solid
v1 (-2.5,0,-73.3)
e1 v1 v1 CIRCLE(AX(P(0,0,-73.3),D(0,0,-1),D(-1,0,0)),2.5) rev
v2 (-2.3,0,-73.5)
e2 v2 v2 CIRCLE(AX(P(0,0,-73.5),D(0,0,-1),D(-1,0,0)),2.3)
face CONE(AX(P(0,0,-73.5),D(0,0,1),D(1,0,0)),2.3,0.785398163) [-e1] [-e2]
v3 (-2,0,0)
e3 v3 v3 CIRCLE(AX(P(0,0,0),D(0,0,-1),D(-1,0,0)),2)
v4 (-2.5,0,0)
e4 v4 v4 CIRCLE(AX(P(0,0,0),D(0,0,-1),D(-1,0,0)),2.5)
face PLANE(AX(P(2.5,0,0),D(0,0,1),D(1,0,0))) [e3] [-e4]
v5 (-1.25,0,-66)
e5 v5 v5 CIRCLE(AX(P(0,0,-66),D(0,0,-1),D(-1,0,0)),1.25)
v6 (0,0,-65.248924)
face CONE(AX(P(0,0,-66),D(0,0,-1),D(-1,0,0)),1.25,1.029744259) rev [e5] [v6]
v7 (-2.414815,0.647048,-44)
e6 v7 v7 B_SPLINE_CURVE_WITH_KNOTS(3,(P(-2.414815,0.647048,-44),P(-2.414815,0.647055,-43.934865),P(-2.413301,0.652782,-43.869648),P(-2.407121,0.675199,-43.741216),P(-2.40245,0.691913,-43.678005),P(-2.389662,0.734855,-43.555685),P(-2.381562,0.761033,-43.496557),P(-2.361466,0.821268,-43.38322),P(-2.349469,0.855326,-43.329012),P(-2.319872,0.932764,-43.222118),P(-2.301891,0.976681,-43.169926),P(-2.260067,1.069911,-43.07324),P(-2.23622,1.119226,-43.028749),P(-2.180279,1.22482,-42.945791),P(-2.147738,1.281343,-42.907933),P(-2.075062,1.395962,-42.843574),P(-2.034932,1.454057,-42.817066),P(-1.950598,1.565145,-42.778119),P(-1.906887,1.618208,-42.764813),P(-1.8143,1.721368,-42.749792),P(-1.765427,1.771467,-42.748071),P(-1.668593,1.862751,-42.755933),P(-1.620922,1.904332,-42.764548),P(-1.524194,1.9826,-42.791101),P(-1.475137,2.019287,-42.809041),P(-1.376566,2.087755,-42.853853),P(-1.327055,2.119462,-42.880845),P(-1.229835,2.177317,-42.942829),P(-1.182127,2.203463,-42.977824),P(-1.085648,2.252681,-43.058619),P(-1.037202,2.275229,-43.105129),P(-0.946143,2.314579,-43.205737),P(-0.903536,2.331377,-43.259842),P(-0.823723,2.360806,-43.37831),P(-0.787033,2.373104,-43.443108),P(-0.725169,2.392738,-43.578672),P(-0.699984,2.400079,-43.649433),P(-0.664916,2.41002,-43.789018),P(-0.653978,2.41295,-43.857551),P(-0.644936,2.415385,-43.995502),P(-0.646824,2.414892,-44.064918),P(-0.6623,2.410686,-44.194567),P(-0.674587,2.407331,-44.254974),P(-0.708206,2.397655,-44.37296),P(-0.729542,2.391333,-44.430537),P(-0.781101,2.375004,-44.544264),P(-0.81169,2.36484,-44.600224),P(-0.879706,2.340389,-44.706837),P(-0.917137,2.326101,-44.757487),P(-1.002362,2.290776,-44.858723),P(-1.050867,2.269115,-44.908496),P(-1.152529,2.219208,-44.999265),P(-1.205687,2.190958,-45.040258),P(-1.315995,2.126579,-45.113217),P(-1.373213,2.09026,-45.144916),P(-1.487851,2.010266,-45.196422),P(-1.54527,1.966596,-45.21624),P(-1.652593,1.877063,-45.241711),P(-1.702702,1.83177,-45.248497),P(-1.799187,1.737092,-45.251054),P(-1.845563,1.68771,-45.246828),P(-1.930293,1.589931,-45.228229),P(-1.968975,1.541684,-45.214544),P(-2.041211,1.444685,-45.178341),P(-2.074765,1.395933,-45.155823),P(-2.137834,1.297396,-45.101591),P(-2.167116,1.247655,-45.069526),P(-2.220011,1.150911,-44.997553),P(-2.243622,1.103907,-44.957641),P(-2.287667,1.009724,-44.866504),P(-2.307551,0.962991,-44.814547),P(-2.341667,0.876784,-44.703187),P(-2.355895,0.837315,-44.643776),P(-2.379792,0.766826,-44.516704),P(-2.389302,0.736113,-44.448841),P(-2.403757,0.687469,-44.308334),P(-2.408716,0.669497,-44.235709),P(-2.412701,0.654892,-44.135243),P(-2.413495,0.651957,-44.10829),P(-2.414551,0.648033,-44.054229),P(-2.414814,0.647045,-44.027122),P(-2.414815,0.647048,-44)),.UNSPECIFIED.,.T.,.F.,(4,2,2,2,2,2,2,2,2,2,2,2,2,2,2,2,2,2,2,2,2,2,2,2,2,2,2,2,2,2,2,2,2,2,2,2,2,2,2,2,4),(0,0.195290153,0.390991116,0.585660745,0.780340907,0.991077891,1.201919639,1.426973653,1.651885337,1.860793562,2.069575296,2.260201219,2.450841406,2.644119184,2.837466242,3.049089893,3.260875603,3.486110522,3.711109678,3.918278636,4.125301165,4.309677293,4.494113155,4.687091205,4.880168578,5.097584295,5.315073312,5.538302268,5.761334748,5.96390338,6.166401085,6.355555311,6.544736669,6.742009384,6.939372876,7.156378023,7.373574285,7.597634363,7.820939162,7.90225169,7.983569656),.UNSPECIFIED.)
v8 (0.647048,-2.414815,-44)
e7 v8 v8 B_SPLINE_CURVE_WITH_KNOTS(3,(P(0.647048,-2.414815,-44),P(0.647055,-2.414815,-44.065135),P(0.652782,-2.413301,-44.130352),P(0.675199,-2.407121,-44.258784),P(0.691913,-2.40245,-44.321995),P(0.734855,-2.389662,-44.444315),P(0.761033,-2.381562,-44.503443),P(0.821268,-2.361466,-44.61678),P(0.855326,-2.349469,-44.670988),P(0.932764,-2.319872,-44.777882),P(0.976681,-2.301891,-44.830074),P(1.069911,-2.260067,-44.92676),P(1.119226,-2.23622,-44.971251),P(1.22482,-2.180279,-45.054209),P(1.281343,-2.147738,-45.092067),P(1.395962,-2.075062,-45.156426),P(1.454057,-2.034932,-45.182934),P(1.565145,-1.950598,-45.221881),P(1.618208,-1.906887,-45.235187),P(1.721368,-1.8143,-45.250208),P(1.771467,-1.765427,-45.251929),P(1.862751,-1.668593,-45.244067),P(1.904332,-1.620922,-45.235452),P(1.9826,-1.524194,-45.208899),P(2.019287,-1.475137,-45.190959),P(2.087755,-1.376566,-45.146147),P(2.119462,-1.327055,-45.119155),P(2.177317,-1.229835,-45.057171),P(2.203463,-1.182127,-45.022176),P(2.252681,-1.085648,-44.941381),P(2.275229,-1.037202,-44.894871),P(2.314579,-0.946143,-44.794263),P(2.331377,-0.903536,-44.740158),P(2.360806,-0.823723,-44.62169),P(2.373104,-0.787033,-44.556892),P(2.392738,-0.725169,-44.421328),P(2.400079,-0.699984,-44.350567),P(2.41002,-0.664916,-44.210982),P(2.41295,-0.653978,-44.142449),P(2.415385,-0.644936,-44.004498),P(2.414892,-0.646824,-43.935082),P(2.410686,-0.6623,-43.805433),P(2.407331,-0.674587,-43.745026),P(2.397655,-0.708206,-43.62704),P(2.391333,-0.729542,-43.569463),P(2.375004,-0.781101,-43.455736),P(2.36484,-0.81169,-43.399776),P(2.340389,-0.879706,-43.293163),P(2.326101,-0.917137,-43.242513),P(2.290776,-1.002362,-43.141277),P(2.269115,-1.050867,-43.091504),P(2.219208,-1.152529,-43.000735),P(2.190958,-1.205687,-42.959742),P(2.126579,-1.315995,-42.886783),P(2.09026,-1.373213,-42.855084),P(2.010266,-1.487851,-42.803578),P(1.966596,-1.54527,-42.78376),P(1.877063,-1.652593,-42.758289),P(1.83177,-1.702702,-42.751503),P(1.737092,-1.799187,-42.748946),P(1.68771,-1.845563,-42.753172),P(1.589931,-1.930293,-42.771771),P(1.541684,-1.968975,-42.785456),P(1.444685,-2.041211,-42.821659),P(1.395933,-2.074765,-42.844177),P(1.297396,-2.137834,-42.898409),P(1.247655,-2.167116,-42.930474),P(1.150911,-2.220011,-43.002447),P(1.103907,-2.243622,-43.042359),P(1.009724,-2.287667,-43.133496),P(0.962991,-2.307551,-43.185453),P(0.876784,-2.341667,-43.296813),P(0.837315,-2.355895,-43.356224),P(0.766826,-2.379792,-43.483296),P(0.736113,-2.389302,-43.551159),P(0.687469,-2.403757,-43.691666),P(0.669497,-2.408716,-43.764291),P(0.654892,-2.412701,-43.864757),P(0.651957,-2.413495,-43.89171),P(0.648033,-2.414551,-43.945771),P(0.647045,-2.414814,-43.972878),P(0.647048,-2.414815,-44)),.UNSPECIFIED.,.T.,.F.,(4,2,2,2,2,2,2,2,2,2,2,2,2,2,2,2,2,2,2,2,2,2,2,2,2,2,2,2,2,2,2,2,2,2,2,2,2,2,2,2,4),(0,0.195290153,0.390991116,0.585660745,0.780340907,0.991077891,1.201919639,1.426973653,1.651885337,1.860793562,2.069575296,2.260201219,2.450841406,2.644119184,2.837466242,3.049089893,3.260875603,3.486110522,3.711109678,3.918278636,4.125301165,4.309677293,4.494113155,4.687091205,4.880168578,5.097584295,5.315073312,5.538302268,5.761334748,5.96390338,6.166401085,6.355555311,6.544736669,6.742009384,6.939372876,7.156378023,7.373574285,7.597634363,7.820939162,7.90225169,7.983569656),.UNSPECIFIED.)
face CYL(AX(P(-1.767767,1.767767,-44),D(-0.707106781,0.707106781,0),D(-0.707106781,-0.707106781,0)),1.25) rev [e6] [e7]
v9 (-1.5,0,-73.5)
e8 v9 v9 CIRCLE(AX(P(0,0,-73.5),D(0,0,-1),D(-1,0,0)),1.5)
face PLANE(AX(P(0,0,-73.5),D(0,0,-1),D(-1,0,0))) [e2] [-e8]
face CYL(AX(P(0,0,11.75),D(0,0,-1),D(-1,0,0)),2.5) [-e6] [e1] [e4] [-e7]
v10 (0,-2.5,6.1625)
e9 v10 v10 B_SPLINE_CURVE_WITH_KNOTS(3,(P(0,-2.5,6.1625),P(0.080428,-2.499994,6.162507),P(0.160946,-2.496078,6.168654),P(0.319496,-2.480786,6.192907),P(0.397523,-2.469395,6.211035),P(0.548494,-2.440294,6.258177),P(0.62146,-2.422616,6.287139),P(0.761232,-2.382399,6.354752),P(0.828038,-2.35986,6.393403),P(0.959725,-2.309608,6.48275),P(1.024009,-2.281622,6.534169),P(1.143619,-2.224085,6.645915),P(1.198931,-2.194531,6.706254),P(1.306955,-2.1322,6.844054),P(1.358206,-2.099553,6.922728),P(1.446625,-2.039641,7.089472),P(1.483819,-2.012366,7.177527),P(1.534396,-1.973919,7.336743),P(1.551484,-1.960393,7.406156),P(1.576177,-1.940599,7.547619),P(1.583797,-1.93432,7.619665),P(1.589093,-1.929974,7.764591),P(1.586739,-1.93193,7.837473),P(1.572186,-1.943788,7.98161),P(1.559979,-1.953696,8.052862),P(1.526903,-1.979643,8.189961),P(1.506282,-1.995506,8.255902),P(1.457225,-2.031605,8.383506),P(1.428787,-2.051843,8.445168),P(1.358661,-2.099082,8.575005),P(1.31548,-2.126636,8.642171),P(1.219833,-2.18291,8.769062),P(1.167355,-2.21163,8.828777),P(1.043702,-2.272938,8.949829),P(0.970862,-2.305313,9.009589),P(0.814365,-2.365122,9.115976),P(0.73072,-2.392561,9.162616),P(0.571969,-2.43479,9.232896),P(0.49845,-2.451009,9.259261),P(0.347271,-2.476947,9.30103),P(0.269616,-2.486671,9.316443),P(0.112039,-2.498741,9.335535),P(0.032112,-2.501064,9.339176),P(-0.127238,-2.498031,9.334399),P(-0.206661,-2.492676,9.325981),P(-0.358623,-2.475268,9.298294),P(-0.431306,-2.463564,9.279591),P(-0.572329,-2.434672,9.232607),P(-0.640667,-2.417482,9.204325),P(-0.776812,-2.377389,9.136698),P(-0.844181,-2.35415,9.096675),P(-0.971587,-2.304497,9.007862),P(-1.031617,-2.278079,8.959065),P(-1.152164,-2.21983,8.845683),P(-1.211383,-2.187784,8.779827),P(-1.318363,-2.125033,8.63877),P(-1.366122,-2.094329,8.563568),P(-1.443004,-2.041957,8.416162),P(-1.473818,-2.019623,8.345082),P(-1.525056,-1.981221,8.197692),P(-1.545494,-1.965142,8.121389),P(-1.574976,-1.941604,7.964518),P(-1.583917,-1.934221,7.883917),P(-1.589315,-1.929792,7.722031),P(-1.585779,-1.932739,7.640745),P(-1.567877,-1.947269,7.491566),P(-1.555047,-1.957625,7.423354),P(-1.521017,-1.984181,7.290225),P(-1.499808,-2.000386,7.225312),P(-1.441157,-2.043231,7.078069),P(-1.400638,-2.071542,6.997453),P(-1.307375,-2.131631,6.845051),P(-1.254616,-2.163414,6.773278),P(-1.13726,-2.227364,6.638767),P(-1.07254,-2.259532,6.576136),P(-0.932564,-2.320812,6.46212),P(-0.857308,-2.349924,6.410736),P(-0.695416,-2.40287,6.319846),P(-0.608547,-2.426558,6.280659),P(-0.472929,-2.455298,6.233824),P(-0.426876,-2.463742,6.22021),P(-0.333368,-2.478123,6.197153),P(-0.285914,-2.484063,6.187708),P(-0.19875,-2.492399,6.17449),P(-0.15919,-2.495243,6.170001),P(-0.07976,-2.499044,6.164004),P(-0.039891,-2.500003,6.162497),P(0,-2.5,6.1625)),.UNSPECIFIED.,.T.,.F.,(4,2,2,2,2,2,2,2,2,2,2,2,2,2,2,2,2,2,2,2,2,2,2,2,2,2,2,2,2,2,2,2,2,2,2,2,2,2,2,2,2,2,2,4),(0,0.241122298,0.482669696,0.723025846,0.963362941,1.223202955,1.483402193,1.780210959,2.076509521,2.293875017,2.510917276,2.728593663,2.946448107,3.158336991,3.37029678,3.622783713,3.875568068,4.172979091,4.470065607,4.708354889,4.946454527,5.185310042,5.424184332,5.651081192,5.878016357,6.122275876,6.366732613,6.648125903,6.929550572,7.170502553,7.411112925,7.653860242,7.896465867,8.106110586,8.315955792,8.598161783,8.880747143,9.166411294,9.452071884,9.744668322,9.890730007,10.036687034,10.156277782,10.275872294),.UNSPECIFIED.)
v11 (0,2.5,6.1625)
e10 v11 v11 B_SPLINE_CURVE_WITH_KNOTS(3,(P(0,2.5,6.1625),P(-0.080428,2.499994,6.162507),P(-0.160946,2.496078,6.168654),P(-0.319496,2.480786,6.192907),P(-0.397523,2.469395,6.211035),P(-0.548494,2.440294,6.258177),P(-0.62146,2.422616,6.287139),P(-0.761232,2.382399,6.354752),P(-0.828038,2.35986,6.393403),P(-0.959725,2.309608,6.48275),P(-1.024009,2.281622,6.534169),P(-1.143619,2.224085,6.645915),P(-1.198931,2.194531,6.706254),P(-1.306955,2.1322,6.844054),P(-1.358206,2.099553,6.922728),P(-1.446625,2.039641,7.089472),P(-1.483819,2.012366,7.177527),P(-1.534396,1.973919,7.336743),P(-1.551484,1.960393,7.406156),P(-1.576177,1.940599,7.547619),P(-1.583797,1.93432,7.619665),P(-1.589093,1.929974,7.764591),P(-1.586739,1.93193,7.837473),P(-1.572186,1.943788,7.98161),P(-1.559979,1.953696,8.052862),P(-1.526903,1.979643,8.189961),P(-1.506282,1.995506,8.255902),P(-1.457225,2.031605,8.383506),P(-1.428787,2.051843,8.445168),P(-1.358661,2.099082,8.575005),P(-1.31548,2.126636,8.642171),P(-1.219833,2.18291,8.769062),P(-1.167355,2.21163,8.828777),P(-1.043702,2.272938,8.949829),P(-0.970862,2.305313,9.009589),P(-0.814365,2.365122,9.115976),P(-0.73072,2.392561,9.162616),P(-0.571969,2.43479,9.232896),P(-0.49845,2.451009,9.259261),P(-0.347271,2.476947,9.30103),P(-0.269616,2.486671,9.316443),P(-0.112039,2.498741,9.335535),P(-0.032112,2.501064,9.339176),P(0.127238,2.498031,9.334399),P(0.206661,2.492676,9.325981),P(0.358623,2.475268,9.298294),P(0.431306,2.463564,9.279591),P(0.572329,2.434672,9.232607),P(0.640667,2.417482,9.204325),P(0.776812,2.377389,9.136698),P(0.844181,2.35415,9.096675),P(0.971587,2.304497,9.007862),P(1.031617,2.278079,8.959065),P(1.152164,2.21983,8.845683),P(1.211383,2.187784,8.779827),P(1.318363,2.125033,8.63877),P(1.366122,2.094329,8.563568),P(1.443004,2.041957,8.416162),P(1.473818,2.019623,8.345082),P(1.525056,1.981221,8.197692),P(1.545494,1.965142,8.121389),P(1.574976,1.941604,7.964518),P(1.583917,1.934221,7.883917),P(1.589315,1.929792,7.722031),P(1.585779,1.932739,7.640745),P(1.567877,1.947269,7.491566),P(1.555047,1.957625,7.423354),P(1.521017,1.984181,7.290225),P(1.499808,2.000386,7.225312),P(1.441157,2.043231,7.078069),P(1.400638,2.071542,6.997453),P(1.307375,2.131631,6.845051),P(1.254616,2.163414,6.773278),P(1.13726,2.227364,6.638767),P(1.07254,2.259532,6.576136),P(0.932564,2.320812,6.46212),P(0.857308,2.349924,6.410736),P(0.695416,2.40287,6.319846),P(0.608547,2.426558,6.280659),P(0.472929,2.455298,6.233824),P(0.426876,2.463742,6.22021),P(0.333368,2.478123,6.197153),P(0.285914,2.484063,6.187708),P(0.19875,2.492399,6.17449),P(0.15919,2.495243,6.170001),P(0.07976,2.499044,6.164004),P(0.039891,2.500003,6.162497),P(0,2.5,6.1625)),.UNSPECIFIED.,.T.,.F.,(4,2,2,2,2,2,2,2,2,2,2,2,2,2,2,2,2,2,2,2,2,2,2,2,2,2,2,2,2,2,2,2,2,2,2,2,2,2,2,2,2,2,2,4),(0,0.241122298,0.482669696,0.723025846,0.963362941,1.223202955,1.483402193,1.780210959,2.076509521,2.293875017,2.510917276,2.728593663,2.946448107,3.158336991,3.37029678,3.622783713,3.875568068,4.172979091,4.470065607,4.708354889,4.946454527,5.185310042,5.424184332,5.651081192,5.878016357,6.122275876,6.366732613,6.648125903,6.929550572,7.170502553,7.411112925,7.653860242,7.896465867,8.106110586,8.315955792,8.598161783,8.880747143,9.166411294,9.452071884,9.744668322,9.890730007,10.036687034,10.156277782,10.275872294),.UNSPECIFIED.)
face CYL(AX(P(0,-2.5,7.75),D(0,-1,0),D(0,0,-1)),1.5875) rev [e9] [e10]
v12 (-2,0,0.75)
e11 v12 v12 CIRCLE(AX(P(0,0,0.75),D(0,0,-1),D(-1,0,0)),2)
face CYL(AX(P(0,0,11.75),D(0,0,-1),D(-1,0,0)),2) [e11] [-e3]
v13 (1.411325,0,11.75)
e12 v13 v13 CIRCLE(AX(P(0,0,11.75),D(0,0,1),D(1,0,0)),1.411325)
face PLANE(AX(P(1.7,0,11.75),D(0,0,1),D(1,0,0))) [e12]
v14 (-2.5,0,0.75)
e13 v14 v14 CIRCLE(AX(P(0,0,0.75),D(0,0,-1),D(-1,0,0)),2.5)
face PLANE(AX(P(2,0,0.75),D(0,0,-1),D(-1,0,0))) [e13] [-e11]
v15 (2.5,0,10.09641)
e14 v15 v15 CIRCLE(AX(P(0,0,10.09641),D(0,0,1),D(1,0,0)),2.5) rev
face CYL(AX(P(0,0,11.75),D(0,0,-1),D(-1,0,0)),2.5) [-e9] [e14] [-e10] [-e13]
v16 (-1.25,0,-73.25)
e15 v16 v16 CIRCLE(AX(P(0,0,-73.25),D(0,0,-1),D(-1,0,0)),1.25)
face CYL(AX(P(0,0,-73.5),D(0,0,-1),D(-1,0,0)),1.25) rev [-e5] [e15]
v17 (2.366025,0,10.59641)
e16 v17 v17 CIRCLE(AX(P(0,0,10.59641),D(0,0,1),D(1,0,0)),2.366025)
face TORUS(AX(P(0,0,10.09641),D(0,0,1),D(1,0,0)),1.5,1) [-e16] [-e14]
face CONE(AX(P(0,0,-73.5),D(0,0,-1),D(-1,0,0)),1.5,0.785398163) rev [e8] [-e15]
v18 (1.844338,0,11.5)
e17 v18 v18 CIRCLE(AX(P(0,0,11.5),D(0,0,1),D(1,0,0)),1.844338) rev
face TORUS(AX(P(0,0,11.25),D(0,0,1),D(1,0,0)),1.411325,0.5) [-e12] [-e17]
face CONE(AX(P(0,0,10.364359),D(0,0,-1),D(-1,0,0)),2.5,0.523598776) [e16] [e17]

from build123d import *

# Parameters (mm, degrees)
F_1_8_0_125_CLEARANCE_DOWEL_HOLE1_D = 3.175
M3X0_5_TAPPED_HOLE2_D               = 2.5
M3X0_5_TAPPED_HOLE3_D               = 2.5
M3X0_5_TAPPED_HOLE3_DEPTH           = 7.5
M3X0_5_TAPPED_HOLE3_CSINK_D         = 3
M3X0_5_TAPPED_HOLE3_CSINK_ANGLE     = 90
M3X0_5_TAPPED_HOLE3_TIP             = 0.751075774
CHAMFER1_SIZE                       = 0.2
FILLET1_R                           = 1
FILLET2_R                           = 0.5


with BuildPart() as part:
    # Sketch1 → Revolve1 (revolve)
    with BuildSketch(Plane.XZ):
        Polygon((1.7, 11.75), (0, 11.75), (0, -73.5), (2.5, -73.5), (2.5, 0), (2, 0), (2, 0.75), (2.5, 0.75), (2.5, 10.364359355), align=None)
    revolve(axis=Axis((0, 0, 11.75), (0, 0, -1)))

    # 1/8 (0.125) Clearance Dowel Hole1 (through all)
    with Locations(Plane(origin=(0, -2.5, 7.75), x_dir=(-1, 0, 0), z_dir=(0, -1, 0))):
        with Locations((0, 0)):
            Hole(F_1_8_0_125_CLEARANCE_DOWEL_HOLE1_D / 2)

    # M3x0.5 Tapped Hole2 (through all)
    with Locations(Plane(origin=(-1.767766953, 1.767766953, -44), x_dir=(0.707106781, 0.707106781, 0), z_dir=(-0.707106781, 0.707106781, 0))):
        with Locations((0, 0)):
            Hole(M3X0_5_TAPPED_HOLE2_D / 2)

    # M3x0.5 Tapped Hole3
    with Locations(Plane(origin=(0, 0, -73.5), x_dir=(-1, 0, 0), z_dir=(0, 0, -1))):
        with Locations((0, 0)):
            CounterSinkHole(M3X0_5_TAPPED_HOLE3_D / 2, M3X0_5_TAPPED_HOLE3_CSINK_D / 2, depth=M3X0_5_TAPPED_HOLE3_DEPTH, counter_sink_angle=M3X0_5_TAPPED_HOLE3_CSINK_ANGLE)
            with Locations((0, 0, -(M3X0_5_TAPPED_HOLE3_DEPTH + M3X0_5_TAPPED_HOLE3_TIP / 2))):  # 118° drill point
                Cone(0, M3X0_5_TAPPED_HOLE3_D / 2, M3X0_5_TAPPED_HOLE3_TIP, mode=Mode.SUBTRACT)

    # Chamfer1
    chamfer1_edges = [part.edges().sort_by_distance(p)[0] for p in [
        (-2.5, 0, -73.5),
    ]]
    chamfer(chamfer1_edges, length=CHAMFER1_SIZE)

    # Fillet1
    fillet1_edges = [part.edges().sort_by_distance(p)[0] for p in [
        (-2.5, 0, 10.364359355),
    ]]
    fillet(fillet1_edges, radius=FILLET1_R)

    # Fillet2
    fillet2_edges = [part.edges().sort_by_distance(p)[0] for p in [
        (-1.7, 0, 11.75),
    ]]
    fillet(fillet2_edges, radius=FILLET2_R)


solid = part.part
